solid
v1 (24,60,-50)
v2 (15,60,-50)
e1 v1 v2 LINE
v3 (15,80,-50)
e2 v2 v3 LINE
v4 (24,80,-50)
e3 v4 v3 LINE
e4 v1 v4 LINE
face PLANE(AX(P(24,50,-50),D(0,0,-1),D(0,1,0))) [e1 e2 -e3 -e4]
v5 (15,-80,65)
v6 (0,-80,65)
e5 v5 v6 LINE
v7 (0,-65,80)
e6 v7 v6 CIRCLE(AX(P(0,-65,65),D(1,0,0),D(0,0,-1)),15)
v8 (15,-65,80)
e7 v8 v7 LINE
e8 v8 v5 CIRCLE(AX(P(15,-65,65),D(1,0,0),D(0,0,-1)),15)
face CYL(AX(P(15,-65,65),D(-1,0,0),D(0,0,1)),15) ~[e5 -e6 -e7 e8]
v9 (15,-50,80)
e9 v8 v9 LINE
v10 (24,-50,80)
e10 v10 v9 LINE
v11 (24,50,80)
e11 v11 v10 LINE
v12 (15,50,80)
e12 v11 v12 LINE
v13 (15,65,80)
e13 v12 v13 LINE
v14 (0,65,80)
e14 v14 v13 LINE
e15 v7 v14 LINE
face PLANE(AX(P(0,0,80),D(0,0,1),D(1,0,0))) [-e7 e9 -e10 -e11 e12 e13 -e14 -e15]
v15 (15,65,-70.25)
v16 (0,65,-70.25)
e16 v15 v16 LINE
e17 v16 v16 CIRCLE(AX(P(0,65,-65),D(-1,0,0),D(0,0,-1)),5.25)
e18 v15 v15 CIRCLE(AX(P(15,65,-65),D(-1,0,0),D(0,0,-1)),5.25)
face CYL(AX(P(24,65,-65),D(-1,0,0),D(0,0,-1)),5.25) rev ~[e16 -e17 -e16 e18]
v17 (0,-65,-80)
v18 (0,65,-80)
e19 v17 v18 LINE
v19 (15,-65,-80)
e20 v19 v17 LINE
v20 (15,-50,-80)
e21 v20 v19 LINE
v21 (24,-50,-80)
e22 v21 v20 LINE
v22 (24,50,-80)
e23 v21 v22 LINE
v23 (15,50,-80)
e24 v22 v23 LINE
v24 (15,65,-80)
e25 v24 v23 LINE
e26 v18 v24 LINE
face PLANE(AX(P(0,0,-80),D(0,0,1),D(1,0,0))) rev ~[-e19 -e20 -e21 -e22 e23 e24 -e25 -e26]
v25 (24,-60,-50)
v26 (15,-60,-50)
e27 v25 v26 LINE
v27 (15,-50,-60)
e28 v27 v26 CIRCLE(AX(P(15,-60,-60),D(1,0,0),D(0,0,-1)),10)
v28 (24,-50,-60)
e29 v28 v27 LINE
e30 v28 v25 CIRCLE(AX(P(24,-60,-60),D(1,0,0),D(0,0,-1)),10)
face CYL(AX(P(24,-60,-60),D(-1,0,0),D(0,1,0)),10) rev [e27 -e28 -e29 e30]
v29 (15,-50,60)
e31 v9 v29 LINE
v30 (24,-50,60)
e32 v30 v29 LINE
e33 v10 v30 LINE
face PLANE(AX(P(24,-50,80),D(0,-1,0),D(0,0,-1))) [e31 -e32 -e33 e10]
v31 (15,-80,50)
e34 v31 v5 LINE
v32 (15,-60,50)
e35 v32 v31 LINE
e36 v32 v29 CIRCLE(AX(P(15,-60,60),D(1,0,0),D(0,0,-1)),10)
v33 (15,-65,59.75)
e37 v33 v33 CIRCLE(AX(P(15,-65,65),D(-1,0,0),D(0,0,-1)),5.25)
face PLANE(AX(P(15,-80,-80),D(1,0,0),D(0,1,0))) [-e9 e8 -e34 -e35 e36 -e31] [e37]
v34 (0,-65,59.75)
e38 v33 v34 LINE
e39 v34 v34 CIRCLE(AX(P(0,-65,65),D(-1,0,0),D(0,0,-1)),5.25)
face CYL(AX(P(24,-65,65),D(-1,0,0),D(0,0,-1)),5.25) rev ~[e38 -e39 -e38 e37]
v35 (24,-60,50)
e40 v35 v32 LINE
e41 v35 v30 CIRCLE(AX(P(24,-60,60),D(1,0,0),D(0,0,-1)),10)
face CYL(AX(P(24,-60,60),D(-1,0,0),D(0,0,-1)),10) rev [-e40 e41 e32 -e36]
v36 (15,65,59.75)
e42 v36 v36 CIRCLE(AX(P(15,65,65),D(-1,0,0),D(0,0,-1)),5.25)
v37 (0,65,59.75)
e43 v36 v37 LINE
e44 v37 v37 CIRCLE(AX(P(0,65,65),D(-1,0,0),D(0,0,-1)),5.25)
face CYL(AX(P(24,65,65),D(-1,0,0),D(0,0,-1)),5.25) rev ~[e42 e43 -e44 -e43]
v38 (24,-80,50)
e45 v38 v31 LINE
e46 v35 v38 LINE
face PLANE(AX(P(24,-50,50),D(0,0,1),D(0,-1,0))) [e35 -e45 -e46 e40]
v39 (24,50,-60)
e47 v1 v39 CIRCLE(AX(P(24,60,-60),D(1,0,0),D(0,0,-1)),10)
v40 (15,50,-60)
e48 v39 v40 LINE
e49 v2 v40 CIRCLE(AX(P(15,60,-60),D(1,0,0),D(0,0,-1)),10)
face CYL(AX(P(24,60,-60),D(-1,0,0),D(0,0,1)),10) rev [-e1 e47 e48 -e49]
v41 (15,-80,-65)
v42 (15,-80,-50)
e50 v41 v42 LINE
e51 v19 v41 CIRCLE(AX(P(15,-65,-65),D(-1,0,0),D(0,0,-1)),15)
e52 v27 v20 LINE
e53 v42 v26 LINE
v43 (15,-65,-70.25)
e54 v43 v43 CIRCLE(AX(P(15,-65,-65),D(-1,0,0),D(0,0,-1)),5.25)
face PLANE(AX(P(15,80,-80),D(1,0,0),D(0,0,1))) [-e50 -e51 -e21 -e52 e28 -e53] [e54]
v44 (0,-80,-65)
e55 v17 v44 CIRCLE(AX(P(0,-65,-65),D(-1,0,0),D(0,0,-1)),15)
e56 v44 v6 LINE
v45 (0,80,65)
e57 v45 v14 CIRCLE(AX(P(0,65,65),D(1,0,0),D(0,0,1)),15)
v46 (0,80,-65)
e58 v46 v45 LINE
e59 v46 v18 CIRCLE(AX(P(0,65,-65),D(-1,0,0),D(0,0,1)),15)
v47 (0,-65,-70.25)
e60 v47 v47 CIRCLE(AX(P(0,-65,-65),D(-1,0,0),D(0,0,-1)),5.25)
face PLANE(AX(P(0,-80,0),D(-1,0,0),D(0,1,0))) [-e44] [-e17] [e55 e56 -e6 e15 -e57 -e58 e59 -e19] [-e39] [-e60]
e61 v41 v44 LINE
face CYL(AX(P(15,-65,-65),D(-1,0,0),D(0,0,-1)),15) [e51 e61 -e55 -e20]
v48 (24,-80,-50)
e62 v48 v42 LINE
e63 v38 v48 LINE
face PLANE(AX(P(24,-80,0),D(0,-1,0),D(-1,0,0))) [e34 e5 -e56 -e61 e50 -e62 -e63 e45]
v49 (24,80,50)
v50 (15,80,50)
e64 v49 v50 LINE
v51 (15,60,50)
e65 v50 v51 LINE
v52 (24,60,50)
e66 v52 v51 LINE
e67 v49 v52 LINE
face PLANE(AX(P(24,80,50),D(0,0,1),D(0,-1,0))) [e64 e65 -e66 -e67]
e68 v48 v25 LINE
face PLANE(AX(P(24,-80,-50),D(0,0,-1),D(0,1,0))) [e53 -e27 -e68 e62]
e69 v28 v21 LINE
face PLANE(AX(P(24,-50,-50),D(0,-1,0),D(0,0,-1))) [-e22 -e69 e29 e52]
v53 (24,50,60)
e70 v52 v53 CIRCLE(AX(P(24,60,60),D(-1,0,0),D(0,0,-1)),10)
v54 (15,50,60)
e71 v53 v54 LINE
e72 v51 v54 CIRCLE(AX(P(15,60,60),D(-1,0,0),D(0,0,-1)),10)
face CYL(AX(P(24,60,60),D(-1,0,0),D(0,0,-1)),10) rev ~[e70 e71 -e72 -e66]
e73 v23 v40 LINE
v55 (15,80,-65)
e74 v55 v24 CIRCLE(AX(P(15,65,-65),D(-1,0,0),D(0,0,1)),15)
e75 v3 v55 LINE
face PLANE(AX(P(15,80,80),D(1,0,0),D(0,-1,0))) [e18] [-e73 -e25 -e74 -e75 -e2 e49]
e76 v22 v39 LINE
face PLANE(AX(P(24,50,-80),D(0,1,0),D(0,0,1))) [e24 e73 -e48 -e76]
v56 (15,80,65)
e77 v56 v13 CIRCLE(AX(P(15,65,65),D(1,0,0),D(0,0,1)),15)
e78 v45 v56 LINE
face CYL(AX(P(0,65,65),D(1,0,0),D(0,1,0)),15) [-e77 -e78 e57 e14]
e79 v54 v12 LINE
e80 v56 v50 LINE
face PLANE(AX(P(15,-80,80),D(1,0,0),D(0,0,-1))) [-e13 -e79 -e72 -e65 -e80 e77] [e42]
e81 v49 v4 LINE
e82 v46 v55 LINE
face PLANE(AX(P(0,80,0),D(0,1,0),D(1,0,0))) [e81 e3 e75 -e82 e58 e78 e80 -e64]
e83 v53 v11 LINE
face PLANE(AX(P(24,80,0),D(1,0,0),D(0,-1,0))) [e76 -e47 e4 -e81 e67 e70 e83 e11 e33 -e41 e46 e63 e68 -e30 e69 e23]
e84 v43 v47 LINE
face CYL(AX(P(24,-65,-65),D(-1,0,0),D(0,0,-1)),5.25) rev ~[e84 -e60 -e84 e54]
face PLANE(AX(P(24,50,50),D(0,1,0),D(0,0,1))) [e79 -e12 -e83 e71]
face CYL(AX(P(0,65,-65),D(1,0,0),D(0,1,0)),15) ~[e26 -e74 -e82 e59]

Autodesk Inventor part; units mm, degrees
ref_plane "YZ Plane" through (0, 0, 0) normal (1, 0, 0) x (0, 1, 0)
ref_plane "XZ Plane" through (0, 0, 0) normal (0, 1, 0) x (-1, 0, 0)
ref_plane "XY Plane" through (0, 0, 0) normal (0, 0, 1) x (1, 0, 0)
sketch "Skizze1" plane through (0, 0, 0) normal (0, 0, 1) x (1, 0, 0)
  line L0 (0, 80) -> (24, 80)
  line L1 (24, 80) -> (24, -80)
  line L2 (24, -80) -> (0, -80)
  line L3 (0, -80) -> (0, 80)
  line L4 (24, 40) -> (124, 40)
  line L5 (124, 40) -> (124, -40)
  line L6 (124, -40) -> (24, -40)
  line L7 (24, -40) -> (24, 40)
  point P0 (0, 0)
  point P1 (24, 0)
  point P2 (0, 0)
  point P3 (94, 0)
  point P4 (124, 0)
  dimension "d0" = 160
  dimension "d1" = 24
  dimension "d2" = 124
  dimension "d3" = 80
  dimension "d4" = 94
extrude "Extrusion1" add sketch "Skizze1" along normal mid plane 160 contours L0 L1 L2 L3
sketch "Skizze2" plane through (24, -80, 80) normal (1, 0, 0) x (0, 0, -1)
  line L0 (0, 160) -> (30, 160)
  line L1 (30, 160) -> (30, 130)
  line L2 (30, 130) -> (0, 130)
  line L3 (0, 130) -> (0, 160)
  point P0 (80, 80)
  dimension "d19" = 30
  dimension "d20" = 30
extrude "Extrusion4" cut sketch "Skizze2" against normal blind 9
pattern_circular "Runde Anordnung1" count 4 over 360 about axis through (-10, 0, 0) along (1, 0, 0) of "Extrusion4"
sketch "Skizze3" plane through (24, 50, 50) normal (1, 0, 0) x (0, 0, -1)
  line L0 (-15, 15) -> (115, 15)
  line L1 (115, 15) -> (115, -115)
  line L2 (115, -115) -> (-15, -115)
  line L3 (-15, -115) -> (-15, 15)
  line L4 (-15, 15) -> (115, -115) construction
  line L5 (115, 15) -> (-15, -115) construction
  point P0 (50, -50)
  dimension "d26" = 130
  dimension "d27" = 130
hole "Bohrung2" at (24, 65, 65) at (24, -65, 65) at (24, 65, -65) at (24, -65, -65) direction (-1, 0, 0) diameter 10.5 end through all
fillet "Rundung2" radius 15 4 edges at (7.5, 80, -80) (7.5, -80, -80) (7.5, -80, 80) (7.5, 80, 80)
fillet "Rundung3" radius 10 4 edges at (19.5, -50, 50) (19.5, -50, -50) (19.5, 50, -50) (19.5, 50, 50)
equation "\"d5\" = d0"
properties part number "Gelenkflansch_Hinten_ohne_halterung" material "Stahl AISI 4130"
